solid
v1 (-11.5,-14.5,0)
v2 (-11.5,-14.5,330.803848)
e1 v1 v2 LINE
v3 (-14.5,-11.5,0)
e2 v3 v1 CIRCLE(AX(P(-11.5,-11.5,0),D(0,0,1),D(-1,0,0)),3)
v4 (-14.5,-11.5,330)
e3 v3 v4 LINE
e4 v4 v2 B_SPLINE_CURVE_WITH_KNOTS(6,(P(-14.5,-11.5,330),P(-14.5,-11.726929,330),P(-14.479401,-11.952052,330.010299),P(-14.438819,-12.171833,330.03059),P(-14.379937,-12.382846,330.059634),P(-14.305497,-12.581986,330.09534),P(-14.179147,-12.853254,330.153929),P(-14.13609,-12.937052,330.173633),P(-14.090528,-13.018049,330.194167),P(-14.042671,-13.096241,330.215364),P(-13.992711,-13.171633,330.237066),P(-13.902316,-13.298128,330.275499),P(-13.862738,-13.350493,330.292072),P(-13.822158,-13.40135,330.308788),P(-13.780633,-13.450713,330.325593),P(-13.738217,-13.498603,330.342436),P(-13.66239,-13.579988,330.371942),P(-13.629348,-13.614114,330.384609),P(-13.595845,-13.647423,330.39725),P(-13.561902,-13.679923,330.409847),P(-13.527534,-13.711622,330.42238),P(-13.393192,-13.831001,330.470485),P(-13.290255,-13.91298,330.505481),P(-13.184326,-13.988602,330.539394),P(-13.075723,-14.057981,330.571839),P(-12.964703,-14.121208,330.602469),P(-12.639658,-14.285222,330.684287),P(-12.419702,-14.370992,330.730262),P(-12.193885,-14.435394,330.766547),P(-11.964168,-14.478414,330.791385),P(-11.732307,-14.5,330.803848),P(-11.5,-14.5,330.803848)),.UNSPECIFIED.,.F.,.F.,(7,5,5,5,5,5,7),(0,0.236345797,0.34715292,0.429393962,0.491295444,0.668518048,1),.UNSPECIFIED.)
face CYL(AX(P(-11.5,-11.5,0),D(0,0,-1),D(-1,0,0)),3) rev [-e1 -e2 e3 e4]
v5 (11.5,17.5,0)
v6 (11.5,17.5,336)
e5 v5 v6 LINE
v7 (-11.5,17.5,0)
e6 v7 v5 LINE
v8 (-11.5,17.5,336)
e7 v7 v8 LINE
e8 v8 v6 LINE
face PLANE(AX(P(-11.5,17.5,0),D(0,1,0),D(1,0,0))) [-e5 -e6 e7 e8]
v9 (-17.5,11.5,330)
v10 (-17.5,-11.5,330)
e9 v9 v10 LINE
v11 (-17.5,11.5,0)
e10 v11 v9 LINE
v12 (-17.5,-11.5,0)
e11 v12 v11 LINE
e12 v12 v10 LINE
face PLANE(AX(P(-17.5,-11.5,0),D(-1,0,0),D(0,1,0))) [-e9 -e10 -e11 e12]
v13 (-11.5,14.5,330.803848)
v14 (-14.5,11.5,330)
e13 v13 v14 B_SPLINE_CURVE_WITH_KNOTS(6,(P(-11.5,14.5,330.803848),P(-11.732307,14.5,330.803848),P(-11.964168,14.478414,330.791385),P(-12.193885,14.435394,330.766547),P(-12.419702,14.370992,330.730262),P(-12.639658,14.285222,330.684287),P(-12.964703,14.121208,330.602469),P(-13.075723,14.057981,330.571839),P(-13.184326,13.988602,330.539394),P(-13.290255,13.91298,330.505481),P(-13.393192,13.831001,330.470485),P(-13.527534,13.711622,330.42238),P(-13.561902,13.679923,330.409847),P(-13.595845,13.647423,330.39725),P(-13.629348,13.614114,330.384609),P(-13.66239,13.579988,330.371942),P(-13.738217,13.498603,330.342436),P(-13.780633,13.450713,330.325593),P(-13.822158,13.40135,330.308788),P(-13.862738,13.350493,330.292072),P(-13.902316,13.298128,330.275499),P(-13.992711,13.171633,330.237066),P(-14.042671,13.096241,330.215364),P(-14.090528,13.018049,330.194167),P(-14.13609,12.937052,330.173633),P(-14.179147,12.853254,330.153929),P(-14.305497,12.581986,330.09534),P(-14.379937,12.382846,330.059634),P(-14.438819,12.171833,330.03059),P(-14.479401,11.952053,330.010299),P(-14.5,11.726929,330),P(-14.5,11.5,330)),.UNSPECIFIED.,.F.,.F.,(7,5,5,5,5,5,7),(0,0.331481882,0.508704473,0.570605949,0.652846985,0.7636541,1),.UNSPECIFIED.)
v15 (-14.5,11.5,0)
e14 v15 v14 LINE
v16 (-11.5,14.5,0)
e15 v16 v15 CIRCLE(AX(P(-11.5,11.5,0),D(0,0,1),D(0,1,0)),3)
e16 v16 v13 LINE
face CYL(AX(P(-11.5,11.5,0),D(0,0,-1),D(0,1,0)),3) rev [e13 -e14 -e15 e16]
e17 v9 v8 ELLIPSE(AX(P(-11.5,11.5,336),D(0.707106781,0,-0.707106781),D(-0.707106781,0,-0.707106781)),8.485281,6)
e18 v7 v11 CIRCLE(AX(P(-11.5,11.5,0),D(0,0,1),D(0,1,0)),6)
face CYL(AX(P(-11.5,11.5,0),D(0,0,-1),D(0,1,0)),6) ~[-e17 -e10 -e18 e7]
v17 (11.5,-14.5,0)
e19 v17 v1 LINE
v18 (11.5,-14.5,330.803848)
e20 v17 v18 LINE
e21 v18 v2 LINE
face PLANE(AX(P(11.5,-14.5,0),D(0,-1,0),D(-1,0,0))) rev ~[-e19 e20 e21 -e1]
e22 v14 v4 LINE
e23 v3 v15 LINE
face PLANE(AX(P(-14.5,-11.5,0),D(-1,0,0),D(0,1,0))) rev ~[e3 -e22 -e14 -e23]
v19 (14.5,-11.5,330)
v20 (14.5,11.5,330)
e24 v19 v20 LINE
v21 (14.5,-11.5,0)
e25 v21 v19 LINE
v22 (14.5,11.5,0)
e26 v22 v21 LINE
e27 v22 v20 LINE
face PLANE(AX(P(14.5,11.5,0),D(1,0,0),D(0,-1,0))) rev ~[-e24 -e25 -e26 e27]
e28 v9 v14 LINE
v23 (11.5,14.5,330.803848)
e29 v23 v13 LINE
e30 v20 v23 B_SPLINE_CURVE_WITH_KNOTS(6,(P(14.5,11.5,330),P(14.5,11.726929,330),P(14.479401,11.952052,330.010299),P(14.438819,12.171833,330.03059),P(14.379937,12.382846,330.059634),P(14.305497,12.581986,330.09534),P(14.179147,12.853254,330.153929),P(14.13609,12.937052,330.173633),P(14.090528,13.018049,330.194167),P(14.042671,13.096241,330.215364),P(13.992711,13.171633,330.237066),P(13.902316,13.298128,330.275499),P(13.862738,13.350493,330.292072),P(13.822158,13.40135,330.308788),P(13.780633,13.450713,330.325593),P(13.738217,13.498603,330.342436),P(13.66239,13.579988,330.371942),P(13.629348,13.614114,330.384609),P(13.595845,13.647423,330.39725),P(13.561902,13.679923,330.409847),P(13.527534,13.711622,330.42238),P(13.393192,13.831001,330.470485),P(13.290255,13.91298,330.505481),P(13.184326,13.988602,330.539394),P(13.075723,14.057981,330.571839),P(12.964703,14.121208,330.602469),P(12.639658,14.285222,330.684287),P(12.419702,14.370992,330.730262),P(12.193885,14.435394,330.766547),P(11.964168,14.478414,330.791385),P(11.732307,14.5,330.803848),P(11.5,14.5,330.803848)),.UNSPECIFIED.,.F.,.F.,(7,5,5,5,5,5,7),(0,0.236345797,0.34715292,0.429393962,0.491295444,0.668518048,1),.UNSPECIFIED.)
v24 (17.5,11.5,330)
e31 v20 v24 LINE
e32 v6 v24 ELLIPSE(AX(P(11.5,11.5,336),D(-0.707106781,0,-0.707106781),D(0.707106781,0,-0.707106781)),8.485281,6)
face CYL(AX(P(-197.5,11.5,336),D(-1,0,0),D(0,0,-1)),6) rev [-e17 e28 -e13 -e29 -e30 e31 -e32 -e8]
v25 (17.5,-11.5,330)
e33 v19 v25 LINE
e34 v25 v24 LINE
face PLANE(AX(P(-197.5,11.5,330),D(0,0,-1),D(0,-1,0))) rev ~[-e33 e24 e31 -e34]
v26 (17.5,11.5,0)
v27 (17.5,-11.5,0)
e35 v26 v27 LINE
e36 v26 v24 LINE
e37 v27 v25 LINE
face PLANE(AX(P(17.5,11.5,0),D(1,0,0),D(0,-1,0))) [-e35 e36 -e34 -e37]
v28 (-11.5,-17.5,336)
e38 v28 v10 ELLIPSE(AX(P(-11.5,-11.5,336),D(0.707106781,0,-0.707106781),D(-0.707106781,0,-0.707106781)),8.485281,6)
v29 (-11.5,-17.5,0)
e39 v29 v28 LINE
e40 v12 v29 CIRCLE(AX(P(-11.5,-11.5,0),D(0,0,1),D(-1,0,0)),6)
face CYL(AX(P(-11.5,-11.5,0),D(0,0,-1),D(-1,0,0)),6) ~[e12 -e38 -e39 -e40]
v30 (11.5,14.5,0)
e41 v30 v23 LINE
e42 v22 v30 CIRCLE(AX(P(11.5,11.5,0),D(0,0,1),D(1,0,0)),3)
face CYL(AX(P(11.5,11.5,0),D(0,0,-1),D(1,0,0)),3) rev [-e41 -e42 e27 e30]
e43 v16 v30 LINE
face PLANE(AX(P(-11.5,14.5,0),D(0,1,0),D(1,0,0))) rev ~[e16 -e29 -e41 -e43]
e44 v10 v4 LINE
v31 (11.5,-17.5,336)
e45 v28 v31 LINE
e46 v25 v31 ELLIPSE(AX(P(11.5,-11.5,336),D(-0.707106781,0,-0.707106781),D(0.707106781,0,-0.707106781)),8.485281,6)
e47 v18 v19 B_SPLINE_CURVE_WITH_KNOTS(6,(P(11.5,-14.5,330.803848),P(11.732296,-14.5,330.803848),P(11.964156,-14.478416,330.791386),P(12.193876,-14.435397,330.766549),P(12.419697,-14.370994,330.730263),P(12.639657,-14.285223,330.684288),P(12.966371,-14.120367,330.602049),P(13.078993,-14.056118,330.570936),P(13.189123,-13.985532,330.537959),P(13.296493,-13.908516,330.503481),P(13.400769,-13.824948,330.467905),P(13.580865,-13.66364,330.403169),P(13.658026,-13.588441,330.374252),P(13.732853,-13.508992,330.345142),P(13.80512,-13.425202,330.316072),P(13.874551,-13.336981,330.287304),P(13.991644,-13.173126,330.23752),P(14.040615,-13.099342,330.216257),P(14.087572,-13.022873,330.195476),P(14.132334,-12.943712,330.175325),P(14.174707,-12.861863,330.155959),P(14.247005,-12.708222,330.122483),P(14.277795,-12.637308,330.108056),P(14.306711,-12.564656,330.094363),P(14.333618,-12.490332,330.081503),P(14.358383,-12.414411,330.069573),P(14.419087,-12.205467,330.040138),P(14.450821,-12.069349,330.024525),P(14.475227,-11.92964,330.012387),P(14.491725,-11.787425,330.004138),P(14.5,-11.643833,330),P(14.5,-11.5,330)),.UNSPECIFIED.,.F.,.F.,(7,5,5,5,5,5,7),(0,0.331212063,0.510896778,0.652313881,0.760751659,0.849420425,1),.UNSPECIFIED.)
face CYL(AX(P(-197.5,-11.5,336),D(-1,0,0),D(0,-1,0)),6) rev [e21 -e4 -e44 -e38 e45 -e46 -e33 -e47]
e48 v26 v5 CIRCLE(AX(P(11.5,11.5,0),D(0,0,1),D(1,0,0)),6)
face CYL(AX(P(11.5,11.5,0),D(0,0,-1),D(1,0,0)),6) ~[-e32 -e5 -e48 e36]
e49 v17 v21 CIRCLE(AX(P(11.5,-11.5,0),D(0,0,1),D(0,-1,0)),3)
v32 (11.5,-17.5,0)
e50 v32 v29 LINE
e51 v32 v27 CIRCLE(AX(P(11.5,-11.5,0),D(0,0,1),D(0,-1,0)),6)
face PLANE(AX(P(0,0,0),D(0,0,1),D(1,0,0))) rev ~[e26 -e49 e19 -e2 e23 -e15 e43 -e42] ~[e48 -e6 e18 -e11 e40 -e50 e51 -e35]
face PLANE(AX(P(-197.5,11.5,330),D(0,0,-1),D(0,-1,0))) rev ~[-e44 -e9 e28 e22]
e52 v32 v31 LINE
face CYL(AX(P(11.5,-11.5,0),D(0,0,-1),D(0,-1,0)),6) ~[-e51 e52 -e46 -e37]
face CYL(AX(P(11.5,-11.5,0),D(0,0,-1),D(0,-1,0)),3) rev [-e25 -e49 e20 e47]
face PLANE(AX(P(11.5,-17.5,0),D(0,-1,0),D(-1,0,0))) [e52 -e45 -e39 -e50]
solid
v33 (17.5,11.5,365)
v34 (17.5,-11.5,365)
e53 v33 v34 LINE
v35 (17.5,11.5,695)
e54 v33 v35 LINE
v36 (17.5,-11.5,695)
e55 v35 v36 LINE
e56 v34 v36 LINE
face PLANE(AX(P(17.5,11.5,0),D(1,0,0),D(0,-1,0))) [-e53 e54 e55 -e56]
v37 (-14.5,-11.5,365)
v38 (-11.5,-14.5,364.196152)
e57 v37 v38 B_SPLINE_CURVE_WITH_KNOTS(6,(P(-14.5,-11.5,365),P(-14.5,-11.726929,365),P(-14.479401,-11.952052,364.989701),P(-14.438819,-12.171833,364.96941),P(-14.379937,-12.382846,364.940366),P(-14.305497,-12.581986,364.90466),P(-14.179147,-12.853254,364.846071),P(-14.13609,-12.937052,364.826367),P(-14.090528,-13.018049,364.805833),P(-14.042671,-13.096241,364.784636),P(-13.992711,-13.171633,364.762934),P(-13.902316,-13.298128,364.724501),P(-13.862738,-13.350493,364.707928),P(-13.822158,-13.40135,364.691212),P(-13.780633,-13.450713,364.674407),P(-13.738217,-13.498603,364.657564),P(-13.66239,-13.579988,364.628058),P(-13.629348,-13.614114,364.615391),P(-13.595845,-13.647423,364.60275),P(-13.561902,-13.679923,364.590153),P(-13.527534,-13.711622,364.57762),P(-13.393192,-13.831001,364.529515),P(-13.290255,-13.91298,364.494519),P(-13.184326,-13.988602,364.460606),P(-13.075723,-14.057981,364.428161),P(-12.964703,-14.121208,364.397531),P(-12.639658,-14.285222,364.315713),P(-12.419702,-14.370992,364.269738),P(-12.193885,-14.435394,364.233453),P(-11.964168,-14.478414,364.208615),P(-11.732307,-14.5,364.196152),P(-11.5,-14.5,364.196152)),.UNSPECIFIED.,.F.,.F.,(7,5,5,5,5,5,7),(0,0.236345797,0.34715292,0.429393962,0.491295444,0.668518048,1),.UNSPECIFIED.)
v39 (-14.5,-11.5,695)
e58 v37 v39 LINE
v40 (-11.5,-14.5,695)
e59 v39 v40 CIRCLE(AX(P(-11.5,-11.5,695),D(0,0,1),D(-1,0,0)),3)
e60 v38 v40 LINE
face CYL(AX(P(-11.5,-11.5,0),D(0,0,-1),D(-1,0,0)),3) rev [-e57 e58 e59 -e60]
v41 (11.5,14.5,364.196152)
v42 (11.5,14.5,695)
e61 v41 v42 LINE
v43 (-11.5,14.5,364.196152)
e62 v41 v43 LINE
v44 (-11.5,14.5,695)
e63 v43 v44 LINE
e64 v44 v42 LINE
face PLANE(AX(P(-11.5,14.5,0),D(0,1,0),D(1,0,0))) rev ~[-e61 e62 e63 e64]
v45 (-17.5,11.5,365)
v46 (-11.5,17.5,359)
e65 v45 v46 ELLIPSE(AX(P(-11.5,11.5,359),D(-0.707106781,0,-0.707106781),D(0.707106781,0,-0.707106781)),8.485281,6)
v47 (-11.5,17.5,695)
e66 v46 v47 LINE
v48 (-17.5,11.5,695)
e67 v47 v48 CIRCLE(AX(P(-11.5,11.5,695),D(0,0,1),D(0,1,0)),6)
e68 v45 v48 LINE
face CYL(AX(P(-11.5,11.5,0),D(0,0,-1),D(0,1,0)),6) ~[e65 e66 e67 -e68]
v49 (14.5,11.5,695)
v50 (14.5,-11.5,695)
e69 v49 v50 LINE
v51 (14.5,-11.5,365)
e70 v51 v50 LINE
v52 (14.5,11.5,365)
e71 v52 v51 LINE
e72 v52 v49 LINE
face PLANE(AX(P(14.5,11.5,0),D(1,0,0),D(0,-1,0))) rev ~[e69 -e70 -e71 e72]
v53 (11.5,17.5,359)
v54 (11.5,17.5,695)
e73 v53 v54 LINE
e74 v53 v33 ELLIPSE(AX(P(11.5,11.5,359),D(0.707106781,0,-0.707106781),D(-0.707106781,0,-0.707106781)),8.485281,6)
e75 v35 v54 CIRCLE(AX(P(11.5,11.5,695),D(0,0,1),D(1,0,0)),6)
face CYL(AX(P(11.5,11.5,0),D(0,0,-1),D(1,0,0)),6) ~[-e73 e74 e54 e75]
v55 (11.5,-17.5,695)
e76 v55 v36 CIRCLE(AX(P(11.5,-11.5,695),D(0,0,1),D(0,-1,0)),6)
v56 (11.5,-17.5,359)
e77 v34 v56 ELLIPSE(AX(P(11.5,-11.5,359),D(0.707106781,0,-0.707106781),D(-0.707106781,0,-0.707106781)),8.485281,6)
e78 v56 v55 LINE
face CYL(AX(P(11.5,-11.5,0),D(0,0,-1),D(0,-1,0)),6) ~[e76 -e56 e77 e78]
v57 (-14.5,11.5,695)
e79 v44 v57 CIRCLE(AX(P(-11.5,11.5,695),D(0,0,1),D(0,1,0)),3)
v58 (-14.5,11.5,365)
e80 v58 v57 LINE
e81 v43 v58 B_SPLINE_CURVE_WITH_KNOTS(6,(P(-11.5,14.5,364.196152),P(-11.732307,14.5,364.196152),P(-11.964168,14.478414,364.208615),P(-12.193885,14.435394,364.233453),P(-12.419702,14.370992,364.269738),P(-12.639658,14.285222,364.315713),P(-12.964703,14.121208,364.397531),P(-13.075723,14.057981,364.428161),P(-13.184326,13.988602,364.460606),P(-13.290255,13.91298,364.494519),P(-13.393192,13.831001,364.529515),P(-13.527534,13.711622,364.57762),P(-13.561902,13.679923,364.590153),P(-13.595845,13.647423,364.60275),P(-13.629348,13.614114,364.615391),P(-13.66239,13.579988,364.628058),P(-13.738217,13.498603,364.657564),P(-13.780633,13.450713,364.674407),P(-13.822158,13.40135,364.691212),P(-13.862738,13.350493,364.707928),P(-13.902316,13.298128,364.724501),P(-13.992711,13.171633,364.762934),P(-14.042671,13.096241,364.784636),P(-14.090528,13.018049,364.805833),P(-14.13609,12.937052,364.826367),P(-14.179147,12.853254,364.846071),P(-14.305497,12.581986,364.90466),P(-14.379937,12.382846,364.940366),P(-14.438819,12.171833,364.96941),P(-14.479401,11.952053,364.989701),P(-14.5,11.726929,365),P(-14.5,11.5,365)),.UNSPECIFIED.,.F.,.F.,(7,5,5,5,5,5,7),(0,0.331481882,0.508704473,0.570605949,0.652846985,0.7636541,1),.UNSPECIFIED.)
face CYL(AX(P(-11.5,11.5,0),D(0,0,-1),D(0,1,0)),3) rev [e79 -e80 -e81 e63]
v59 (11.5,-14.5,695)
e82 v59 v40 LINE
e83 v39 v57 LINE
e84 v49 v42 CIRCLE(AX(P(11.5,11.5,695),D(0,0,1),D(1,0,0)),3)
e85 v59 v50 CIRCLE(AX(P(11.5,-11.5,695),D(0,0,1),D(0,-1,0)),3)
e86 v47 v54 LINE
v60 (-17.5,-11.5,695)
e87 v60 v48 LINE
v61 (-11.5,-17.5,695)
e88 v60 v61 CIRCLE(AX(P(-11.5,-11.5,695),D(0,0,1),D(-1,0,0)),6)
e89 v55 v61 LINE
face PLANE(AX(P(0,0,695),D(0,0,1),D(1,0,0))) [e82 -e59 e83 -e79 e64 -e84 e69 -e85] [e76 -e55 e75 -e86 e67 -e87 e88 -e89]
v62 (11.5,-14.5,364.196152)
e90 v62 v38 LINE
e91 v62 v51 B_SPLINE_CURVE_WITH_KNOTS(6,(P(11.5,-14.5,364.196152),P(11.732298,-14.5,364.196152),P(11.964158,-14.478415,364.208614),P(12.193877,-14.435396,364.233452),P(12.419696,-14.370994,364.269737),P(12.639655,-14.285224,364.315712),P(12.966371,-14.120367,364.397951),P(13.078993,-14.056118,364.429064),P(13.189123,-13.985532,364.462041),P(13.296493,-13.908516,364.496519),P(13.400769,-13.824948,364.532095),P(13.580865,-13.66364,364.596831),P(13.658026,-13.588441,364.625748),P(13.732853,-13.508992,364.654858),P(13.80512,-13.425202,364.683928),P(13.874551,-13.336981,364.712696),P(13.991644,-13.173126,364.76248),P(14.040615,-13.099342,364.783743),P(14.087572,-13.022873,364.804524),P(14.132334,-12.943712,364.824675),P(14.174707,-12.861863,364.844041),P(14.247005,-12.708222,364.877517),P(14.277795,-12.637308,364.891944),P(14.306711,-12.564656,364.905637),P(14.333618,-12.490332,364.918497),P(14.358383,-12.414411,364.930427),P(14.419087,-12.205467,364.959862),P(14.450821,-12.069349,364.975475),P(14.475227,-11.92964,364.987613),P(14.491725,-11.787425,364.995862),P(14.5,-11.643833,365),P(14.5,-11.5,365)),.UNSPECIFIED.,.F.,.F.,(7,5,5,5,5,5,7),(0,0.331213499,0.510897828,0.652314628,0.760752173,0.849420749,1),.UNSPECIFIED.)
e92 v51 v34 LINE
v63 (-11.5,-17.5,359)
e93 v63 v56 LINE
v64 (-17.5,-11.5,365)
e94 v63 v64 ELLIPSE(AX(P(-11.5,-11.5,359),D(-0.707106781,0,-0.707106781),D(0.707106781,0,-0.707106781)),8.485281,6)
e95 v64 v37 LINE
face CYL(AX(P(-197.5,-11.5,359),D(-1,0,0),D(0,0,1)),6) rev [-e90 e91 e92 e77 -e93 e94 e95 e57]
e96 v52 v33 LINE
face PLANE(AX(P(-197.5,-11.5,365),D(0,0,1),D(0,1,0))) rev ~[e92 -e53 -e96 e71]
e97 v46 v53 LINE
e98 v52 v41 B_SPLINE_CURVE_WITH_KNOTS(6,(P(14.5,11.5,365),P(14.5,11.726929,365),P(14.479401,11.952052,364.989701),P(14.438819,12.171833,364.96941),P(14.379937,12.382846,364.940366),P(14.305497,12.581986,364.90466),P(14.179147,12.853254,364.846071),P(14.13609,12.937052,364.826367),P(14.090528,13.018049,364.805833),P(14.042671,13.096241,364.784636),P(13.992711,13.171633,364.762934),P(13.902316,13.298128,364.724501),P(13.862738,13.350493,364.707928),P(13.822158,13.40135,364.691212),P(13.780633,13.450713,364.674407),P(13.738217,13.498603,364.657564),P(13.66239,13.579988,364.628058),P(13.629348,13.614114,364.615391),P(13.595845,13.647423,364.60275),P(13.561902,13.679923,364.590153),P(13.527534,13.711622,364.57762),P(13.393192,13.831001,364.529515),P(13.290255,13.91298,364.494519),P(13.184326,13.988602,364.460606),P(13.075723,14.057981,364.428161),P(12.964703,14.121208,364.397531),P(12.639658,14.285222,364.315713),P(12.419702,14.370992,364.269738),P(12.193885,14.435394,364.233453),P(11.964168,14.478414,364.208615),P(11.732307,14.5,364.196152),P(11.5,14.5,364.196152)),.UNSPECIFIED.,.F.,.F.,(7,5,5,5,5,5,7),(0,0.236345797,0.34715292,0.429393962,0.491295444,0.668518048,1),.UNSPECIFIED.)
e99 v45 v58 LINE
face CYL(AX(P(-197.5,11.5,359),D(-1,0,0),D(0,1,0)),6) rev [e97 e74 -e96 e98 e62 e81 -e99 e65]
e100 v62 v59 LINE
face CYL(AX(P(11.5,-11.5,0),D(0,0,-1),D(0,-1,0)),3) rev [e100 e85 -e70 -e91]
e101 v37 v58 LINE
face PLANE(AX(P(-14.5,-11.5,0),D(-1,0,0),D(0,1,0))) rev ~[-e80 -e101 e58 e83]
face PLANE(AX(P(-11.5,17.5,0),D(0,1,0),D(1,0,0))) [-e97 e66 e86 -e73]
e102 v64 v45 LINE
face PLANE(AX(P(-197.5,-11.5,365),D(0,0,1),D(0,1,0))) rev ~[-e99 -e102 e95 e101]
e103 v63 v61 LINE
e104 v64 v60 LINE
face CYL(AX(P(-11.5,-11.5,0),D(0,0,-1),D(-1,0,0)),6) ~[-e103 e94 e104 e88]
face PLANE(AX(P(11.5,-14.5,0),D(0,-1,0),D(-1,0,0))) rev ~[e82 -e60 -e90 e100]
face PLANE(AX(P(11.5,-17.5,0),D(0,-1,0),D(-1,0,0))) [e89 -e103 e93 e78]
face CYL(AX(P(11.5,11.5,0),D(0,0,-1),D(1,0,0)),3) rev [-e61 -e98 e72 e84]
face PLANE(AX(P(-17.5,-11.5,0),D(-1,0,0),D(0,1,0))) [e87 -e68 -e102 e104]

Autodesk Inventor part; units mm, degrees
ref_plane "Start plane" through (0, 0, 0) normal (0, 0, 1) x (1, 0, 0)
ref_plane "End plane" through (0, 0, 695) normal (0, 0, 1) x (1, 0, 0)
sketch "Sketch" plane through (0, 0, 0) normal (0, 0, 1) x (1, 0, 0)
  line L0 (-17.5, -11.5) -> (-17.5, 11.5)
  line L1 (-11.5, 17.5) -> (11.5, 17.5)
  line L2 (17.5, 11.5) -> (17.5, -11.5)
  line L3 (11.5, -17.5) -> (-11.5, -17.5)
  arc A0 (-17.5, -11.5) -> (-11.5, -17.5) centre (-11.5, -11.5) ccw
  arc A1 (-11.5, 17.5) -> (-17.5, 11.5) centre (-11.5, 11.5) ccw
  arc A2 (17.5, 11.5) -> (11.5, 17.5) centre (11.5, 11.5) ccw
  arc A3 (11.5, -17.5) -> (17.5, -11.5) centre (11.5, -11.5) ccw
  arc A4 (-11.5, 14.5) -> (-14.5, 11.5) centre (-11.5, 11.5) ccw
  line L4 (-11.5, 14.5) -> (11.5, 14.5)
  arc A5 (14.5, 11.5) -> (11.5, 14.5) centre (11.5, 11.5) ccw
  line L5 (14.5, 11.5) -> (14.5, -11.5)
  arc A6 (11.5, -14.5) -> (14.5, -11.5) centre (11.5, -11.5) ccw
  line L6 (11.5, -14.5) -> (-11.5, -14.5)
  arc A7 (-14.5, -11.5) -> (-11.5, -14.5) centre (-11.5, -11.5) ccw
  line L7 (-14.5, -11.5) -> (-14.5, 11.5)
  line L8 (0, 25.6598) -> (0, -25.6598) construction
  line L9 (-25.6598, 0) -> (25.6598, 0) construction
  dimension "d7" = 6
  dimension "d10" = 35
  dimension "d11" = 35
  dimension "d12" = 3
  dimension "d15" = 17.5
  dimension "d16" = 17.5
extrude "Body" add sketch "Sketch" along normal up to surface (695 mm away) from surface at 0
sketch "Sketch3" plane through (0, 0, 0) normal (0, 0, 1) x (1, 0, 0)
  line L0 (0, 0) -> (10, 0)
ref_plane "Work Plane3" through (0, 0, 0) normal (0, -1, 0) x (1, 0, 0)
sketch "Sketch4" plane through (0, 0, 0) normal (0, -1, 0) x (1, 0, 0)
  line L0 (-2, 0) -> (12, 0)
  line L1 (-2, 695) -> (12, 695)
  dimension "d18" = 695
ref_plane "Work Plane4" through (-197.5, 0, 347.5) normal (1, 0, 0) x (0, 0, -1)
ref_plane "Work Plane5" through (197.5, 0, 347.5) normal (1, 0, 0) x (0, 0, -1)
ref_plane "Work Plane6" through (0, 0, 347.5) normal (1, 0, 0) x (0, 0, -1)
sketch "Sketch5" plane through (0, 0, 347.5) normal (1, 0, 0) x (0, 0, -1)
  arc A0 (-17.5, -11.5) -> (-11.5, -17.5) centre (-11.5, -11.5) ccw
  line L0 (-17.5, -11.5) -> (-17.5, 11.5)
  arc A1 (-11.5, 17.5) -> (-17.5, 11.5) centre (-11.5, 11.5) ccw
  line L1 (-11.5, 17.5) -> (11.5, 17.5)
  arc A2 (17.5, 11.5) -> (11.5, 17.5) centre (11.5, 11.5) ccw
  line L2 (17.5, 11.5) -> (17.5, -11.5)
  arc A3 (11.5, -17.5) -> (17.5, -11.5) centre (11.5, -11.5) ccw
  line L3 (11.5, -17.5) -> (-11.5, -17.5)
  arc A4 (-11.5, 14.5) -> (-14.5, 11.5) centre (-11.5, 11.5) ccw
  line L4 (-11.5, 14.5) -> (11.5, 14.5)
  arc A5 (14.5, 11.5) -> (11.5, 14.5) centre (11.5, 11.5) ccw
  line L5 (14.5, 11.5) -> (14.5, -11.5)
  arc A6 (11.5, -14.5) -> (14.5, -11.5) centre (11.5, -11.5) ccw
  line L6 (11.5, -14.5) -> (-11.5, -14.5)
  arc A7 (-14.5, -11.5) -> (-11.5, -14.5) centre (-11.5, -11.5) ccw
  line L7 (-14.5, -11.5) -> (-14.5, 11.5)
extrude "Extrusion2" cut sketch "Sketch5" along normal up to surface (395 mm away) from surface at -197.5 contours L0 A1 L1 A2 L2 A3 L3 A0 | L4 A5 L5 A6 L6 A7 L7 A4
equation "\"d7\" = G_IR"
equation "\"d10\" = G_H"
equation "\"d11\" = G_W"
equation "\"d12\" = G_T"
equation "\"d15\" = 0.5 * d10"
equation "\"d16\" = 0.5 * d11"
equation "\"d3\" = G_L"
equation "\"G_W\" = 35"
equation "\"G_H\" = 35"
equation "\"G_T\" = 3"
equation "\"G_IR\" = 6"
equation "\"G_L\" = d18"
equation "\"G_OFFSET_START\" = 0"
equation "\"G_OFFSET_END\" = 0"
equation "\"d14\" = G_OFFSET_END + B_L"
equation "\"B_L\" = 695"
properties part number "AS 1163 - C350L0 35x35x3.0 SHS - 695" material "Steel, Mild"
